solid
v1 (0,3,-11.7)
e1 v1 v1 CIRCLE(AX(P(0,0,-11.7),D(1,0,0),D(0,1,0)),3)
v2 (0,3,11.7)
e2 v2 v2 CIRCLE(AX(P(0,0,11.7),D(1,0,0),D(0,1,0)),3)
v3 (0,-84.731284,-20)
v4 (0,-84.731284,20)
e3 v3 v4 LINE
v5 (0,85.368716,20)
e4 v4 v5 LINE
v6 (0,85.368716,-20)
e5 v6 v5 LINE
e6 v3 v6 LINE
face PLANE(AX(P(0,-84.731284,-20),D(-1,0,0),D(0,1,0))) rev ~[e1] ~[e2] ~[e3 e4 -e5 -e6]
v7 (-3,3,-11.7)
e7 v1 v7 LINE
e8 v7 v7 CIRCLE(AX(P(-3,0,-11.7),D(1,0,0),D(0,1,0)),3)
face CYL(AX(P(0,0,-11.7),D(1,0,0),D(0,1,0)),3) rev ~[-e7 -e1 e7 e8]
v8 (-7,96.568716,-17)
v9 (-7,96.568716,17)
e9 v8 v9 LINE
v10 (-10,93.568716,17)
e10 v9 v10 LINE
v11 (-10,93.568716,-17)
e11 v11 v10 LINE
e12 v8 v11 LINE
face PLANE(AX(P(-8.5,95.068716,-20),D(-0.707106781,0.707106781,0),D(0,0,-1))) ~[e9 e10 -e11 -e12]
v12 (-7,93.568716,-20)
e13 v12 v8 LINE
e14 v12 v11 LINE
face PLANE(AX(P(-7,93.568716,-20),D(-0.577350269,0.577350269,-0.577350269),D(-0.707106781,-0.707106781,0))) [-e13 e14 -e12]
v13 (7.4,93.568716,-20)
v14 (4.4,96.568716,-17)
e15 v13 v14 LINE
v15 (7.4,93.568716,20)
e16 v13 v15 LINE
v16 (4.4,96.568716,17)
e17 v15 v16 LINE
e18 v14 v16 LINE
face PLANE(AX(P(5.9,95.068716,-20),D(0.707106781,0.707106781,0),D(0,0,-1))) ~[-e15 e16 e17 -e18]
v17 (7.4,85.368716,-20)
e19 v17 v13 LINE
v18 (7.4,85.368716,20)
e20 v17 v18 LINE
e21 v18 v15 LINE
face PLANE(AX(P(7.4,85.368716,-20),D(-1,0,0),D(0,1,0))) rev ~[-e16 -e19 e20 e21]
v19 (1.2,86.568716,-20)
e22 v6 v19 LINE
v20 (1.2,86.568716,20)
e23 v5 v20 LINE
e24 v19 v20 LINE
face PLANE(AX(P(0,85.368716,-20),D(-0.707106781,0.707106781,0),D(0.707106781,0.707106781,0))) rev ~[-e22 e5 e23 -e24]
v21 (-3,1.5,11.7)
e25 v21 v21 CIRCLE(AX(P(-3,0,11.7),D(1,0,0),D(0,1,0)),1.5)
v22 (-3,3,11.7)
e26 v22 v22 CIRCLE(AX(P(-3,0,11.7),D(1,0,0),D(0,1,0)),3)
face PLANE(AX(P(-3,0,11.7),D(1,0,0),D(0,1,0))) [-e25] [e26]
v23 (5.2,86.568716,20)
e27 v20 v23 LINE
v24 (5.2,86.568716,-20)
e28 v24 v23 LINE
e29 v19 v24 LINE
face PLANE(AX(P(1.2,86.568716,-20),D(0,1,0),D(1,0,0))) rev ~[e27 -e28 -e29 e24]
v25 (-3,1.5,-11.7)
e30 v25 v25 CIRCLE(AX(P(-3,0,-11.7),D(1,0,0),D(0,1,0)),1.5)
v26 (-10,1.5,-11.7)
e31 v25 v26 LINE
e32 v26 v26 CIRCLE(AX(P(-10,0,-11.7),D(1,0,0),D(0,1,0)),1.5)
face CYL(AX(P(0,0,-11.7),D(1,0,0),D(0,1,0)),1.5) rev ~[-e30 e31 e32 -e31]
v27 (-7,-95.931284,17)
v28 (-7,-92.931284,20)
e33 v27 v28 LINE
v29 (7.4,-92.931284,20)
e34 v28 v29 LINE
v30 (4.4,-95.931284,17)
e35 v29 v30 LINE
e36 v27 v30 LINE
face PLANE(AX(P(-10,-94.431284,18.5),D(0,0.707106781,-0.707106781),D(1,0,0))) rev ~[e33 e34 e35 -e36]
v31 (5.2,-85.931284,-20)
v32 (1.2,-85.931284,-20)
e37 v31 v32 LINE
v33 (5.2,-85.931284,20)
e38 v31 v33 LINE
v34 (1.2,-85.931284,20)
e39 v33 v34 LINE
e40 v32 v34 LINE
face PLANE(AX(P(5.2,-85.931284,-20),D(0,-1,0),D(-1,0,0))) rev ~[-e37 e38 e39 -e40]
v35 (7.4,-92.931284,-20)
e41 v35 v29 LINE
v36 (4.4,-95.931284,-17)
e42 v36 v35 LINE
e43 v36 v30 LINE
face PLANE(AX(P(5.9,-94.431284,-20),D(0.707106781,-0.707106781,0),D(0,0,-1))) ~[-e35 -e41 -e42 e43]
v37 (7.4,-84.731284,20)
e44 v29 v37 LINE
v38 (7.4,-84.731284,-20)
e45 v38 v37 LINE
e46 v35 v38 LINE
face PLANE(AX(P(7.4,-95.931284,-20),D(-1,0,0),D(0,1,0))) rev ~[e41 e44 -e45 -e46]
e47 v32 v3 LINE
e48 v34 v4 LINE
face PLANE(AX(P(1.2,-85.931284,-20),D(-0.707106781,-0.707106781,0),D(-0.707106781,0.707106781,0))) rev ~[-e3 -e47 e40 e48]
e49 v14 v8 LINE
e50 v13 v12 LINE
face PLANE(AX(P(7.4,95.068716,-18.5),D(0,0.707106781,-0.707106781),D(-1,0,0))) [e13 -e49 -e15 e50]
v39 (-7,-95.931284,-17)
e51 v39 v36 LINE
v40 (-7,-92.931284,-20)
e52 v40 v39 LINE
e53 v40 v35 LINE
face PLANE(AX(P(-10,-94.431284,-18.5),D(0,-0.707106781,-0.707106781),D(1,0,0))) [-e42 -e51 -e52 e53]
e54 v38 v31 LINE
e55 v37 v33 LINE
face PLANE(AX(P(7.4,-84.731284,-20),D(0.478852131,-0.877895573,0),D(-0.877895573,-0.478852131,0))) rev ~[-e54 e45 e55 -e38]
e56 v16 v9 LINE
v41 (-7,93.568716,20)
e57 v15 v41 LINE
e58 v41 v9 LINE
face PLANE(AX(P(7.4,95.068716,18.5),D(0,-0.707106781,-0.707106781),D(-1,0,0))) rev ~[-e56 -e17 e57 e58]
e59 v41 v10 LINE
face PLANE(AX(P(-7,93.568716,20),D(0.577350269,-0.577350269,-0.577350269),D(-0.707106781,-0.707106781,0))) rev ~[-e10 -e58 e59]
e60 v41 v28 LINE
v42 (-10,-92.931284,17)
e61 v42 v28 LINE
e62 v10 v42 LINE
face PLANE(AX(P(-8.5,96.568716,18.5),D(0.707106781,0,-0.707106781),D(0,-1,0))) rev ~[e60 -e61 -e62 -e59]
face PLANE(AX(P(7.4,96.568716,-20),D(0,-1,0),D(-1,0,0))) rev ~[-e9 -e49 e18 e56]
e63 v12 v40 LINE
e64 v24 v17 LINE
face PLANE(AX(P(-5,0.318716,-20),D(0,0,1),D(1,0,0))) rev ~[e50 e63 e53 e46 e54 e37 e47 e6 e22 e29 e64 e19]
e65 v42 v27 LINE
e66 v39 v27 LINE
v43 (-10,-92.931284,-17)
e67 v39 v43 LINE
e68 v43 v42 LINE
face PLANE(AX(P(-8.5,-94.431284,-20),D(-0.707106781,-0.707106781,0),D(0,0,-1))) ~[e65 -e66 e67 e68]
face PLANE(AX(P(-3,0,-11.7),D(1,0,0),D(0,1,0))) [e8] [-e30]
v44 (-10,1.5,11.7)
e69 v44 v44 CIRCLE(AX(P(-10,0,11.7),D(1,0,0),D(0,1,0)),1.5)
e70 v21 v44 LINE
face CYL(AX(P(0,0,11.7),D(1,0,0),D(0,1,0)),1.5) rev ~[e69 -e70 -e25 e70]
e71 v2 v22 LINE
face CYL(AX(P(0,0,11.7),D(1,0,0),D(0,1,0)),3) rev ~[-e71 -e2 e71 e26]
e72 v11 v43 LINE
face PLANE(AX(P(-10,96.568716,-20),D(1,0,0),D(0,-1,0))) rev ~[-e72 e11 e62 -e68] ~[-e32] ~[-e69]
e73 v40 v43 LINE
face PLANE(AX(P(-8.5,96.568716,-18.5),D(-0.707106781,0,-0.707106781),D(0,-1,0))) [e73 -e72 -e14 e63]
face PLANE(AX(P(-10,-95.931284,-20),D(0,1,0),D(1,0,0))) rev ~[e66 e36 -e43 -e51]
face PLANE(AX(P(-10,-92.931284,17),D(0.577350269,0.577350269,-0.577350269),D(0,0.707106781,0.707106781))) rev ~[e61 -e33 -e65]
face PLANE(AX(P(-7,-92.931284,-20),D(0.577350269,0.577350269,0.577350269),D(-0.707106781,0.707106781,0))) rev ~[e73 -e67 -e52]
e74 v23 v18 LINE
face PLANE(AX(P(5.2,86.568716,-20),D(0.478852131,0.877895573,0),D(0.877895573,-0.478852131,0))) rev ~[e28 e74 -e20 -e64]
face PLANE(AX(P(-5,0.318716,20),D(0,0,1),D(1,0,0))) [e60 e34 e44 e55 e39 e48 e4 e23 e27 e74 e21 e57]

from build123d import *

# Parameters (mm, degrees)
F1_DEPTH = 40
F3_R     = 3
F4_DEPTH = 3
F5_R     = 1.5
F6_DEPTH = 12
F7_SIZE  = 3


with BuildPart() as f1:
    # F0 (on Top) → F1 (new body)
    with BuildSketch(Plane.XY):
        Polygon((0, 85.3687158704), (0, 86.5687158704), (-10, 86.5687158704), (-10, -85.9312841296), (0, -85.9312841296), (0, -84.7312841296), align=None)
        Polygon((1.2, 86.5687158704), (0, 86.5687158704), (0, 85.3687158704), align=None)
        Polygon((-10, 86.5687158704), (0, 86.5687158704), (1.2, 86.5687158704), (5.2, 86.5687158704), (7.4, 86.5687158704), (7.4, 96.5687158704), (-10, 96.5687158704), align=None)
        Polygon((0, -85.9312841296), (-10, -85.9312841296), (-10, -95.9312841296), (7.4, -95.9312841296), (7.4, -85.9312841296), (5.2, -85.9312841296), (1.2, -85.9312841296), align=None)
        Polygon((1.2, -85.9312841296), (0, -84.7312841296), (0, -85.9312841296), align=None)
        Polygon((7.4, 86.5687158704), (5.2, 86.5687158704), (7.4, 85.3687158704), align=None)
        Polygon((7.4, -84.7312841296), (5.2, -85.9312841296), (7.4, -85.9312841296), align=None)
    extrude(amount=F1_DEPTH)


with BuildPart() as f1_1:
    # F2: moved
    add(f1.part.moved(Location((0, 0, -20))))

    # F3 (on face) → F4 (cut)
    with BuildSketch(Plane.YZ):
        with Locations((0, 11.7)):
            Circle(F3_R)
        with Locations((0, -11.7)):
            Circle(F3_R)
    extrude(amount=-F4_DEPTH, mode=Mode.SUBTRACT)

    # F5 (on face) → F6 (cut)
    with BuildSketch(Plane.YZ):
        with Locations((0, 11.7)):
            Circle(F5_R)
        with Locations((0, -11.7)):
            Circle(F5_R)
    extrude(amount=-F6_DEPTH, mode=Mode.SUBTRACT)

    # F7
    f7_edges = [f1_1.edges().sort_by_distance(p)[0] for p in [
        (-1.3, -95.931284, 20),
        (-10, -95.931284, 0),
        (7.4, -95.931284, 0),
        (-1.3, -95.931284, -20),
        (7.4, 96.568716, 0),
        (-10, 96.568716, 0),
        (-1.3, 96.568716, -20),
        (-1.3, 96.568716, 20),
        (-10, 0.318716, 20),
        (-10, 0.318716, -20),
    ]]
    chamfer(f7_edges, length=F7_SIZE)


solid = f1_1.part
